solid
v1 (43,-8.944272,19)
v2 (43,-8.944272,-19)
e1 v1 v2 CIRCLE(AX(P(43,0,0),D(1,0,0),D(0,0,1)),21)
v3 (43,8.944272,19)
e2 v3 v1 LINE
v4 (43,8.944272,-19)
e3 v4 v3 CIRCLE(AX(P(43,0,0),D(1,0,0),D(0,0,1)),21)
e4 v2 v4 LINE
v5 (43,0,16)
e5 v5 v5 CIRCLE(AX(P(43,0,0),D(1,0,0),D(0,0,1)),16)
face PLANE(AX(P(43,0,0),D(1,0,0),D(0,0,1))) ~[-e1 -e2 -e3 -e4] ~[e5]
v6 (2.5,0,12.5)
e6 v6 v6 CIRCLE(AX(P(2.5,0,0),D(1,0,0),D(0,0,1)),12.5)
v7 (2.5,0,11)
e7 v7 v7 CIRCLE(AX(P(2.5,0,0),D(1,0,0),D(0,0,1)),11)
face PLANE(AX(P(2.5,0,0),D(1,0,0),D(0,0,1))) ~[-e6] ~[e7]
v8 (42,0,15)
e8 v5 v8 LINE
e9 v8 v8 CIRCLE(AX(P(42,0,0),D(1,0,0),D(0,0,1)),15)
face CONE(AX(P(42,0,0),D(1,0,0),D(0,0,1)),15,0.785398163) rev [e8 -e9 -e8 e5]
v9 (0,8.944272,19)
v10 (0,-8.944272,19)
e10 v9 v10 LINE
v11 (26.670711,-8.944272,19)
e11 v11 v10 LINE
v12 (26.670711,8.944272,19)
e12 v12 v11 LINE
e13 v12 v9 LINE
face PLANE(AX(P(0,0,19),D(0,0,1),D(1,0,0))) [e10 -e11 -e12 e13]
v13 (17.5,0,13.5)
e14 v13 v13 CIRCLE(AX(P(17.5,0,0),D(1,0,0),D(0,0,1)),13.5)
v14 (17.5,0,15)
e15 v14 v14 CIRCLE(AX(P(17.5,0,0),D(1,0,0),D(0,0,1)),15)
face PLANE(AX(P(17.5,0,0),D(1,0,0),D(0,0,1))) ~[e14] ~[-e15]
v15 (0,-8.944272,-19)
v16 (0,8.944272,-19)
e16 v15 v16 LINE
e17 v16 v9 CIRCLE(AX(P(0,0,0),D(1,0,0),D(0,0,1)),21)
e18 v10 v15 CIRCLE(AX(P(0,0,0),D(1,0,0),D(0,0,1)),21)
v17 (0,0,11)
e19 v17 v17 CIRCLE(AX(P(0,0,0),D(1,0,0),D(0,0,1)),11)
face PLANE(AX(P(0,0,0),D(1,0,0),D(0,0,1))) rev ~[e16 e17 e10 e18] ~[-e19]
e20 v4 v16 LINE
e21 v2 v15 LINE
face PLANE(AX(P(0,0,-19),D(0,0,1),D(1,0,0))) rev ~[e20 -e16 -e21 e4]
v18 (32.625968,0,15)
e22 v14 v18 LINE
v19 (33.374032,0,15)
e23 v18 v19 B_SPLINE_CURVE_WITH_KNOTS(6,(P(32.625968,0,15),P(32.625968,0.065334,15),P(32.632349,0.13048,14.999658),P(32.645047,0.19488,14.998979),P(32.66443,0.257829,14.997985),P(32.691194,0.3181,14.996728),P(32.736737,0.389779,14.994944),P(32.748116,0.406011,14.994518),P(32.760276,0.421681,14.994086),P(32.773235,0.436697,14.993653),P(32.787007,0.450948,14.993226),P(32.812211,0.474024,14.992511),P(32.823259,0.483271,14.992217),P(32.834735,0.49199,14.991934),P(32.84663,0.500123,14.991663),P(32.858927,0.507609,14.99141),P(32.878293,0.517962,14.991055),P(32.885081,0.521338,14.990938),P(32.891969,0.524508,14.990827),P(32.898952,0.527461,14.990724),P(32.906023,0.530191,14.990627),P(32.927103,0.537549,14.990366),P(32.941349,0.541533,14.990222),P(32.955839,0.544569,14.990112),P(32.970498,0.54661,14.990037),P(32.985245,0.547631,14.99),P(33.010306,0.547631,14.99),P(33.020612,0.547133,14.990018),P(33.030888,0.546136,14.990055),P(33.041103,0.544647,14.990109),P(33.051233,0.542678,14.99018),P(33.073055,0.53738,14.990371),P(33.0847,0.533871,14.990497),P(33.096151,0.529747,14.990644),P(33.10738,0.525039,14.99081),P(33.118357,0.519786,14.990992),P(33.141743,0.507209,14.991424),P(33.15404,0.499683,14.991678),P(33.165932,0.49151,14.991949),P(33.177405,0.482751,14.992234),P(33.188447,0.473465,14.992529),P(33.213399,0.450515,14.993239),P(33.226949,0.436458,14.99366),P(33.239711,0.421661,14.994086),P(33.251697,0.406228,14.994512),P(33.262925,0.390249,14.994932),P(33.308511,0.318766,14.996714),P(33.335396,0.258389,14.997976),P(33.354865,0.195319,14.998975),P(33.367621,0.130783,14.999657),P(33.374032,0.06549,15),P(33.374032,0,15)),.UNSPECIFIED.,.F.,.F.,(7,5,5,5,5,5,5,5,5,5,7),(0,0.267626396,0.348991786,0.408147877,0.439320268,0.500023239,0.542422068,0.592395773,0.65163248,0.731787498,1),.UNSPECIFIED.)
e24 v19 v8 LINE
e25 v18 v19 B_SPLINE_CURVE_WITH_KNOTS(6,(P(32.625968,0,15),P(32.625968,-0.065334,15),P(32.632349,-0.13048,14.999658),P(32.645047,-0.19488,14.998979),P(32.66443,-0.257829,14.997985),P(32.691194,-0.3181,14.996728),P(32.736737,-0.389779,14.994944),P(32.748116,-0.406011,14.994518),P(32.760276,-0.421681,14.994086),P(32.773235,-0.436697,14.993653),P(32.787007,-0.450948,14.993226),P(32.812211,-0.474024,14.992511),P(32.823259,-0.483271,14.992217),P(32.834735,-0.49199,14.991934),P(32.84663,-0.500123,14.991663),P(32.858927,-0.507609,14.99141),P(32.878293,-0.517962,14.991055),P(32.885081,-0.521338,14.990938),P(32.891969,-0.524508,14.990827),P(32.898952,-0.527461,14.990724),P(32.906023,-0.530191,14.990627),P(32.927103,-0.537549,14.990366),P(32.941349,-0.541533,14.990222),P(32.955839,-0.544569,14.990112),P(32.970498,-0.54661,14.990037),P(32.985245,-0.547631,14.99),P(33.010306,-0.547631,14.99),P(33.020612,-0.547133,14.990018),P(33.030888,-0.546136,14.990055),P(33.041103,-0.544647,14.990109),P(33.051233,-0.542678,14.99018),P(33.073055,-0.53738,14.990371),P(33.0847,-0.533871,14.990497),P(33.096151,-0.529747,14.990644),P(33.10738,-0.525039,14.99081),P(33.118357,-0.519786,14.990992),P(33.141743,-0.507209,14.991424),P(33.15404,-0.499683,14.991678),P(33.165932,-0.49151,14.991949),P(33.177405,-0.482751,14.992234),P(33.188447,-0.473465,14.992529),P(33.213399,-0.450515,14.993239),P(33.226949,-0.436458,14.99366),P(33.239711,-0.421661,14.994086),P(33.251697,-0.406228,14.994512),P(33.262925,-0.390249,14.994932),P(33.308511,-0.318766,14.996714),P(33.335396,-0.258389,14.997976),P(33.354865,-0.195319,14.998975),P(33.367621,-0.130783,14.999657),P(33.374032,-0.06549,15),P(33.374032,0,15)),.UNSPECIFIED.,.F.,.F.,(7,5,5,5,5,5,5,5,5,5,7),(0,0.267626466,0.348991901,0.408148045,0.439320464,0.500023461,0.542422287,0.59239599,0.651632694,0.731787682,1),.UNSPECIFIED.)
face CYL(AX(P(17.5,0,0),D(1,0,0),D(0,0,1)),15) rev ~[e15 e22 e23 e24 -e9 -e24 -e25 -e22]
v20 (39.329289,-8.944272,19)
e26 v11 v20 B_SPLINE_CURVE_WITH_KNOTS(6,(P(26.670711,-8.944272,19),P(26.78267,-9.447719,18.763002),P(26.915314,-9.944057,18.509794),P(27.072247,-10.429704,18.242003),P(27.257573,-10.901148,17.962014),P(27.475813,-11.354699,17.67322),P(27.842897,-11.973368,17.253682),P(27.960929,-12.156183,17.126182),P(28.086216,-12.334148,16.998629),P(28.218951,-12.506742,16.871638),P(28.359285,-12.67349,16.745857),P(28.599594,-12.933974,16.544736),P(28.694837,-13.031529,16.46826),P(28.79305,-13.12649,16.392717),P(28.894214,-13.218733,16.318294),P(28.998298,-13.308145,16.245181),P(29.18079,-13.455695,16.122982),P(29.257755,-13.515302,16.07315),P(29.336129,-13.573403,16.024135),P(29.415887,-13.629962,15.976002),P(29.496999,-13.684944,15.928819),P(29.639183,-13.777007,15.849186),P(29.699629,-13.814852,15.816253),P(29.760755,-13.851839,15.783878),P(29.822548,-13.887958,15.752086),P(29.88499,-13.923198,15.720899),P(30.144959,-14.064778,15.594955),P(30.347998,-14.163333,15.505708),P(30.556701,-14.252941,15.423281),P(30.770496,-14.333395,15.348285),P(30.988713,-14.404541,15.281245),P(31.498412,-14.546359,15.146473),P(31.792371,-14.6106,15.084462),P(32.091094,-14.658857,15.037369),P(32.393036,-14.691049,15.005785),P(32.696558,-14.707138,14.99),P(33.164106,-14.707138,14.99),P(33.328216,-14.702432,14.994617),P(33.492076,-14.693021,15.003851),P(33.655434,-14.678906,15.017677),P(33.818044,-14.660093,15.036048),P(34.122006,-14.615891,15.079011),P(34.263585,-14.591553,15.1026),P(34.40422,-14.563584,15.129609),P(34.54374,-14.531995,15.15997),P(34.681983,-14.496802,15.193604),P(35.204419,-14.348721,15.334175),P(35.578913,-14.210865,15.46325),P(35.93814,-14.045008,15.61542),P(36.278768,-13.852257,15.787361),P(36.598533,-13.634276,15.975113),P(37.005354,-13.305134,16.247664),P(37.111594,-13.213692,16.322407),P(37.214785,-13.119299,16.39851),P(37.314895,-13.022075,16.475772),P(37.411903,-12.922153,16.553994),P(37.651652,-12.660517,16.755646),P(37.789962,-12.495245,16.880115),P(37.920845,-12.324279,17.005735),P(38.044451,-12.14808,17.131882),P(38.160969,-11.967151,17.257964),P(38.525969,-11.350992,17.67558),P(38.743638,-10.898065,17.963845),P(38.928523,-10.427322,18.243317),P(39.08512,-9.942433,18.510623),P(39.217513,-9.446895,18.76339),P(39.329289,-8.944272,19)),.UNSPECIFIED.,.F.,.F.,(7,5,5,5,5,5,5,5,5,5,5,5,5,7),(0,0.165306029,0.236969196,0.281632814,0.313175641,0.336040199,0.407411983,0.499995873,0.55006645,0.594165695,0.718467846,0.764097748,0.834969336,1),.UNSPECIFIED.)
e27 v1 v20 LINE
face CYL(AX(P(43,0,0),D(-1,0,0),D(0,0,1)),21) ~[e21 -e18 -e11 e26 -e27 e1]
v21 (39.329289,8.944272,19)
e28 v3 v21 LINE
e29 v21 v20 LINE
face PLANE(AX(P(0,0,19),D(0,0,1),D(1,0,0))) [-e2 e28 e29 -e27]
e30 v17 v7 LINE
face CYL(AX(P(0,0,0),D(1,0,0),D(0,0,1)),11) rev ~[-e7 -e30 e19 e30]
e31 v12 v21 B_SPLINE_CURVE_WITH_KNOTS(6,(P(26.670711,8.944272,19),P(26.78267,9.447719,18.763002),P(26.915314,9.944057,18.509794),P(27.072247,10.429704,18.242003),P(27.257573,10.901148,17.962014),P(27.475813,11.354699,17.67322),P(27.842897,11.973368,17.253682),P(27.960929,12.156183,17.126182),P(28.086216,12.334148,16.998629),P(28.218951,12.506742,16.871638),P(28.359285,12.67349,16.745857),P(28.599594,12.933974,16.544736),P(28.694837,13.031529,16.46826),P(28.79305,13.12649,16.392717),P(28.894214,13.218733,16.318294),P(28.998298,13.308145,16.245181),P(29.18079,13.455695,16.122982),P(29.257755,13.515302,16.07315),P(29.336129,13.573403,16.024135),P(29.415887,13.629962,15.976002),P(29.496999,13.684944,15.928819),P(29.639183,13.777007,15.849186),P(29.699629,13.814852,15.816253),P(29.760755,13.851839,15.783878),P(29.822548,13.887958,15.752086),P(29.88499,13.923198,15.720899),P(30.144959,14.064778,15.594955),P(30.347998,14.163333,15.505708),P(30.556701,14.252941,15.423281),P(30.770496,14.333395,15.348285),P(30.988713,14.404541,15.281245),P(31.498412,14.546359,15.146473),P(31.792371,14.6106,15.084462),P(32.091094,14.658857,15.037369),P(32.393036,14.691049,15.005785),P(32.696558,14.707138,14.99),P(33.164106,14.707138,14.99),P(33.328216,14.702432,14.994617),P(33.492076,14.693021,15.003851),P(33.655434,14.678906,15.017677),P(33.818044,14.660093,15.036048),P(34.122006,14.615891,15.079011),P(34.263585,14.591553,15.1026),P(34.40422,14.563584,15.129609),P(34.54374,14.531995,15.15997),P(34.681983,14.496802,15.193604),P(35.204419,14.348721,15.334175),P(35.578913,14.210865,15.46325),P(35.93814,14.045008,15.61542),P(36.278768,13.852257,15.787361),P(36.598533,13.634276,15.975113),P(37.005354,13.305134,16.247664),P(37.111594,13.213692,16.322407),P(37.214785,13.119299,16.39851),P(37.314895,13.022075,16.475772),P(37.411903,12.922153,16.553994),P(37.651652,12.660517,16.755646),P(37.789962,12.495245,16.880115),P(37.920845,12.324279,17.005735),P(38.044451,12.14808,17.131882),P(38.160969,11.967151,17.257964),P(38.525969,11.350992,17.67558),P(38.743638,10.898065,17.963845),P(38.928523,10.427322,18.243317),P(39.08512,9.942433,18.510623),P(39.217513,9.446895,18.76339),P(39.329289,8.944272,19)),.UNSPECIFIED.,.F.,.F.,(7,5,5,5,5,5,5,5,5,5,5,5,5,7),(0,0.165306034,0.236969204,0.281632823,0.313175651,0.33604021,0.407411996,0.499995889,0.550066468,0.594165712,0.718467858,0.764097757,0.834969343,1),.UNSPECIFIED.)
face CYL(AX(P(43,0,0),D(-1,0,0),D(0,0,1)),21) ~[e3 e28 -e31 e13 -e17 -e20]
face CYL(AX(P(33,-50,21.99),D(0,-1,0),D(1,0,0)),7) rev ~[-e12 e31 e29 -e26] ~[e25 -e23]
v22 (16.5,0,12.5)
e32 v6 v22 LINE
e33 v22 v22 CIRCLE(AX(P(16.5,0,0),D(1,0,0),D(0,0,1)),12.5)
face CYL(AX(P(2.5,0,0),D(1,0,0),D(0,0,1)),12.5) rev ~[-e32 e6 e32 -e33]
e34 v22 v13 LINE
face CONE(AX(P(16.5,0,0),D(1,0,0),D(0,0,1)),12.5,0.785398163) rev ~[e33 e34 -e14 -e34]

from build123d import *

# Parameters (mm, degrees)
F4_SIZE       = 1
F5_W          = 43
F5_H          = 3
F6_DEPTH      = 21.001
F6_DEPTH_BACK = 21.001
F7_R          = 7
F8_DEPTH      = 71.001


with BuildPart() as f1:
    # F0 (on Front) → F1 (revolve)
    with BuildSketch(Plane.XZ):
        Polygon((43, 15), (43, 21), (0, 21), (0, 11), (2.5, 11), (2.5, 12.5), (17.5, 12.5), (17.5, 15), align=None)
    revolve(axis=Axis((10.041691, 0, 0), (1, 0, 0)))

    # F4
    f4_edges = [f1.edges().sort_by_distance(p)[0] for p in [
        (43, 0, -15),
        (17.5, 0, -12.5),
    ]]
    chamfer(f4_edges, length=F4_SIZE)

    # F5 (on Front) → F6 (cut, two sides)
    with BuildSketch(Plane.XZ) as f6_sk:
        with Locations((21.5, 20.5)):
            Rectangle(F5_W, F5_H)
        with Locations((21.5, -20.5)):
            Rectangle(F5_W, F5_H)
    extrude(amount=F6_DEPTH, mode=Mode.SUBTRACT)
    extrude(f6_sk.sketch, amount=-F6_DEPTH_BACK, mode=Mode.SUBTRACT)

    # F7 (on offset) → F8 (cut, through all)
    with BuildSketch(Plane.XZ.offset(50)):
        with Locations((33, 21.99)):
            Circle(F7_R)
    extrude(amount=-F8_DEPTH, mode=Mode.SUBTRACT)


solid = f1.part
